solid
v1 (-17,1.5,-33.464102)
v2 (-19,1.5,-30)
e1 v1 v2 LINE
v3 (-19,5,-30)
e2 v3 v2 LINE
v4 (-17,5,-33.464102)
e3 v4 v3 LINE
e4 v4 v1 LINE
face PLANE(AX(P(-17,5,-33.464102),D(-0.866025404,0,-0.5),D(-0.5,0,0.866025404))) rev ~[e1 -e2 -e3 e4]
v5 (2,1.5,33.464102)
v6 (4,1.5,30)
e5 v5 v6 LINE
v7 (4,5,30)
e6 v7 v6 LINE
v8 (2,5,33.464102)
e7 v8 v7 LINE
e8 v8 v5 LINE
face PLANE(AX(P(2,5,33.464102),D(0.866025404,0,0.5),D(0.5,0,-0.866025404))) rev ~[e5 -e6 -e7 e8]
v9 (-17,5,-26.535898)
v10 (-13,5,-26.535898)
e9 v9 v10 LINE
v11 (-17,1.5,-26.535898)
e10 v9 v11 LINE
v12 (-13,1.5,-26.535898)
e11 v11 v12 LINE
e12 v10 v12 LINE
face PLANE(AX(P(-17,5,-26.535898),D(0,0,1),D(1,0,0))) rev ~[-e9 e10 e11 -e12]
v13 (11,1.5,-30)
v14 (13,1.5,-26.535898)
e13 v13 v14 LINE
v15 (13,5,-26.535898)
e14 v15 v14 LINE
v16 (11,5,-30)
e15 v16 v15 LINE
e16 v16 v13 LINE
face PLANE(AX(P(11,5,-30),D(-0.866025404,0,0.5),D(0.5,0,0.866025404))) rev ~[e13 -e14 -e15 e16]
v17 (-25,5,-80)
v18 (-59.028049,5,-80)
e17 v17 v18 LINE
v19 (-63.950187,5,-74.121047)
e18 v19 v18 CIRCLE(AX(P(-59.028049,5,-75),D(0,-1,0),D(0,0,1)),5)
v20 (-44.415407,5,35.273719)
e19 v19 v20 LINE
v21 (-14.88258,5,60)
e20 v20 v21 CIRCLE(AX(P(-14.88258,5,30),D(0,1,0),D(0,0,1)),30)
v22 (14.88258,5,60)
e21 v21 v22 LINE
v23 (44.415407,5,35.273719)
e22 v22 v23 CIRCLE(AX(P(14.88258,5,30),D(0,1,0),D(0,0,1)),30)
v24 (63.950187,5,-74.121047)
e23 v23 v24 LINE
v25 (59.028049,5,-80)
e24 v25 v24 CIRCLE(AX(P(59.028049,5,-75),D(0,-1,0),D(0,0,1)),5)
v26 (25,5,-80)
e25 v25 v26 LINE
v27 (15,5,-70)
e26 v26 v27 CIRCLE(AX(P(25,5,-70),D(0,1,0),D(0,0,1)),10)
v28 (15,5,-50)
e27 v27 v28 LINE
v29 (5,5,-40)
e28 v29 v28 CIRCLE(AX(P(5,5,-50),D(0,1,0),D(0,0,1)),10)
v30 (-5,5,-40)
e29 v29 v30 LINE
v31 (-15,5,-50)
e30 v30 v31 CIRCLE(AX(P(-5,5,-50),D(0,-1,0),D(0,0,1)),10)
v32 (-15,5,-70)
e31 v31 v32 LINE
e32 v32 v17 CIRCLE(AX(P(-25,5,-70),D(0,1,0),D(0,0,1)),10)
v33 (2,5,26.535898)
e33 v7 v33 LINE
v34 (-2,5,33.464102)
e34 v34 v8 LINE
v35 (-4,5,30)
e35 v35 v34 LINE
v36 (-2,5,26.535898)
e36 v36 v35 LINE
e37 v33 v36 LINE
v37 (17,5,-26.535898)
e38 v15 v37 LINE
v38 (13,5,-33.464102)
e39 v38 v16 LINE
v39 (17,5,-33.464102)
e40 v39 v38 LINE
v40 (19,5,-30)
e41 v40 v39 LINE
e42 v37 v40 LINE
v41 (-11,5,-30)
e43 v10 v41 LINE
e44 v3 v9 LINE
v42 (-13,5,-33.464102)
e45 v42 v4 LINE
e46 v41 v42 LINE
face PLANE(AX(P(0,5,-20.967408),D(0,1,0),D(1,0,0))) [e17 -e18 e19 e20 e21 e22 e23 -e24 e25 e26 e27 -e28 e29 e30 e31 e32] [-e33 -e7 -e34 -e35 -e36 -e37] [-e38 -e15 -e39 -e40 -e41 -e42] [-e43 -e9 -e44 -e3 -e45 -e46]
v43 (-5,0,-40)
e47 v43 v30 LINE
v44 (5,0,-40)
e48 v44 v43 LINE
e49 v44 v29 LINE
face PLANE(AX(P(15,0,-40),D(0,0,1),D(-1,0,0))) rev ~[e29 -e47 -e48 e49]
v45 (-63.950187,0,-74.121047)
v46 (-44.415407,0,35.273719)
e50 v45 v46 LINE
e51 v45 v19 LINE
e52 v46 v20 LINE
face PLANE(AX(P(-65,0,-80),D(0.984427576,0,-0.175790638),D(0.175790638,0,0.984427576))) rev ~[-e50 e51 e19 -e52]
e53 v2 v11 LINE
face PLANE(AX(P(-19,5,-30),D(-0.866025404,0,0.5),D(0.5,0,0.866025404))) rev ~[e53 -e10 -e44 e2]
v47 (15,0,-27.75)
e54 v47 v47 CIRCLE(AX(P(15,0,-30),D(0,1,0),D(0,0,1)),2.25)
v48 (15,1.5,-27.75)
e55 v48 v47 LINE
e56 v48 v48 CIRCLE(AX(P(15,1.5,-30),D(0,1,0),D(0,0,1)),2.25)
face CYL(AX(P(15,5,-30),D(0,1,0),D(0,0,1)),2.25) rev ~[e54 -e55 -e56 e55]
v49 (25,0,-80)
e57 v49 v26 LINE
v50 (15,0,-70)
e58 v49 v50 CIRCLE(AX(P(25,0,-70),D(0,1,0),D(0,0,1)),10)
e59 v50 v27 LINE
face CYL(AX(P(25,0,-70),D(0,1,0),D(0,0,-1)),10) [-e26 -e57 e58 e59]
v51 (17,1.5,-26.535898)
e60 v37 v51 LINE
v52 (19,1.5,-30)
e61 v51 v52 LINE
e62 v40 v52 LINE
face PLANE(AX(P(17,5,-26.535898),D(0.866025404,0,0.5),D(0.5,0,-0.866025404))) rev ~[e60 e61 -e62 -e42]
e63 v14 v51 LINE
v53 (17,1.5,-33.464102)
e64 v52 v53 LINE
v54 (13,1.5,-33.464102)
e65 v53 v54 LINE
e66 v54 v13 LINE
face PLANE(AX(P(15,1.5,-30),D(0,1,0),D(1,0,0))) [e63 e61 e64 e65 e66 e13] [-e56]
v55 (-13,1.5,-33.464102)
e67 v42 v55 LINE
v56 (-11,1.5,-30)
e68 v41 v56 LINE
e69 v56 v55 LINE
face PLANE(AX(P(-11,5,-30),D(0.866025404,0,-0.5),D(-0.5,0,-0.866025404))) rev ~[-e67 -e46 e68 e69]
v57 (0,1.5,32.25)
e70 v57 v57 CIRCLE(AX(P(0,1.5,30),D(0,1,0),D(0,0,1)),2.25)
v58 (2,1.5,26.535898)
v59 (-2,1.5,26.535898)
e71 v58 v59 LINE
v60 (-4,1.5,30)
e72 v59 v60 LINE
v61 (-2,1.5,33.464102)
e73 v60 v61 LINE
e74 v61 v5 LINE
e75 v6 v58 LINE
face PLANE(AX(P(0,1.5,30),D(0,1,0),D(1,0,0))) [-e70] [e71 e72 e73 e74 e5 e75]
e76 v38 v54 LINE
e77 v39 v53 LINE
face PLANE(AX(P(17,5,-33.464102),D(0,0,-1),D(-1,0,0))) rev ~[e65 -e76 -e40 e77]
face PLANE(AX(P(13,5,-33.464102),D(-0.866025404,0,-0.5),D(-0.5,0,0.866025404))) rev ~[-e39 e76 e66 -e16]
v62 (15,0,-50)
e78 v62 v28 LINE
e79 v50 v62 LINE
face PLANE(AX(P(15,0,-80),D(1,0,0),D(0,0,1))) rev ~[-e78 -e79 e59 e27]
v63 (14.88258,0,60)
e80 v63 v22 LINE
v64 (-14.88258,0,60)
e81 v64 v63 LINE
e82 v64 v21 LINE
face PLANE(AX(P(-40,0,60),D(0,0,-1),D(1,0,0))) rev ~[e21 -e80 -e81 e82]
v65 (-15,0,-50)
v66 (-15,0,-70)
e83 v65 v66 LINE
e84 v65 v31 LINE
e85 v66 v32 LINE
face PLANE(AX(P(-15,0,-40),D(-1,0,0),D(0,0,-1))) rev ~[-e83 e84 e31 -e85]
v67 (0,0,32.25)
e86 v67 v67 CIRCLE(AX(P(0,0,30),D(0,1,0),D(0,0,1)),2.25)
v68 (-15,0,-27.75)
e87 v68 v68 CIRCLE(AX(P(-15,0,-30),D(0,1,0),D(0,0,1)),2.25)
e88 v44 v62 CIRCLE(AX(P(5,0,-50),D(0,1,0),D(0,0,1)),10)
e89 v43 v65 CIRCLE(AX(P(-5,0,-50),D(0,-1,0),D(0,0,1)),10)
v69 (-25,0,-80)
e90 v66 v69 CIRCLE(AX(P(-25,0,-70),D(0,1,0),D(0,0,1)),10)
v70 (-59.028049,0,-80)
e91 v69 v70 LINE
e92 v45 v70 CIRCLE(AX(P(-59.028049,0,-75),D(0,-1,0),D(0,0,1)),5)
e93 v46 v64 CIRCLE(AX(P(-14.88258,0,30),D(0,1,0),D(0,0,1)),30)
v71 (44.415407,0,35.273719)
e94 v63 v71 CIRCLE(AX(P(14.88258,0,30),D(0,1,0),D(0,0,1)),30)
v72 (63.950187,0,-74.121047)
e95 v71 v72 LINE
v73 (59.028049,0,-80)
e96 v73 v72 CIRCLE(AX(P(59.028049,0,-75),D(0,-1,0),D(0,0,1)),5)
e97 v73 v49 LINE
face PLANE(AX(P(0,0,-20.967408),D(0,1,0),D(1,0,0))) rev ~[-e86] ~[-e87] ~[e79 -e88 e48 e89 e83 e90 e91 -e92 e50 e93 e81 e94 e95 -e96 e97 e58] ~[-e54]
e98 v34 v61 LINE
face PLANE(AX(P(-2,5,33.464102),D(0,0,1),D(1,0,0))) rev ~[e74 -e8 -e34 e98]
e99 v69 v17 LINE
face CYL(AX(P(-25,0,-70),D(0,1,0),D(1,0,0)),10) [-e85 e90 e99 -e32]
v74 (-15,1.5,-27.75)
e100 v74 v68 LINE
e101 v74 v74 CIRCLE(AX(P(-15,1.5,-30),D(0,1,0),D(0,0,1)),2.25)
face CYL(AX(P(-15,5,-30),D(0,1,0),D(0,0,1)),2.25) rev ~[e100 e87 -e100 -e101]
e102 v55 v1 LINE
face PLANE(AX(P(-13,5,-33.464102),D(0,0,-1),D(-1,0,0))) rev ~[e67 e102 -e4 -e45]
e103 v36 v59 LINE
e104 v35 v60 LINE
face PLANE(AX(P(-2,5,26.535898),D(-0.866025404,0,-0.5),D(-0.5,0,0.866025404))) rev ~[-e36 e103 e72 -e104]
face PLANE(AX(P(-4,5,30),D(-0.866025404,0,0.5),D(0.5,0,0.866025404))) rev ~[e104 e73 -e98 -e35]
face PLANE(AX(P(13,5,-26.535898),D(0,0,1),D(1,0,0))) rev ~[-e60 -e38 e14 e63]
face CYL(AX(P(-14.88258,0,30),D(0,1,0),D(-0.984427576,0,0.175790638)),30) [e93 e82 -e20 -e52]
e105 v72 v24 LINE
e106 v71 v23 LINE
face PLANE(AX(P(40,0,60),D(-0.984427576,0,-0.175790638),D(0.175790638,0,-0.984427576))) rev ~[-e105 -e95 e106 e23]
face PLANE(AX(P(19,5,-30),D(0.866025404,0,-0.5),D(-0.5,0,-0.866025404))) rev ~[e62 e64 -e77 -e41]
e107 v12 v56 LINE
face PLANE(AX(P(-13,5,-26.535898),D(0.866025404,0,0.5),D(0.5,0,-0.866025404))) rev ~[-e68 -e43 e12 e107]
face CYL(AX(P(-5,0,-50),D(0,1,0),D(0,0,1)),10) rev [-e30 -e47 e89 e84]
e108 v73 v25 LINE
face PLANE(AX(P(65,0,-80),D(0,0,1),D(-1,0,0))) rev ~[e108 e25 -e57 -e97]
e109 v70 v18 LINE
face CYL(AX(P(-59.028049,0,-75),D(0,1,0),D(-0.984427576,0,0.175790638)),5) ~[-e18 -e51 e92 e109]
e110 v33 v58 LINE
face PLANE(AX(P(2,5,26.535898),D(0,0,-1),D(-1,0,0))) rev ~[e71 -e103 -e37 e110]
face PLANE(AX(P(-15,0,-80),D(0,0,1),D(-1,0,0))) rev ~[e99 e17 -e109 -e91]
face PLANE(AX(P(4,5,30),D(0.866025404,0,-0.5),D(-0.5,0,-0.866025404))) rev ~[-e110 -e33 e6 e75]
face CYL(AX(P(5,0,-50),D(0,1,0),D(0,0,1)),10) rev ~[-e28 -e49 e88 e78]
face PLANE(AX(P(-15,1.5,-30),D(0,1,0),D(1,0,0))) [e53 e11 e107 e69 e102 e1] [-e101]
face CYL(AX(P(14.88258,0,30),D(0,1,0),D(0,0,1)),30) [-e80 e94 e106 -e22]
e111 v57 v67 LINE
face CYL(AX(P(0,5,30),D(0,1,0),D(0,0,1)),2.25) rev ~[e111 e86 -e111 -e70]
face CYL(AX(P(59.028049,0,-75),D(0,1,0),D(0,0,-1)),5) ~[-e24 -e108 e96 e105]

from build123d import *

# Parameters (mm, degrees)
BOSS_EXTRUDE1_DEPTH = 5
SKETCH2_R           = 2.25
CUT_EXTRUDE1_DEPTH  = 5
FILLET7_R           = 30
FILLET8_R           = 30
FILLET9_R           = 10
FILLET10_R          = 10
FILLET11_R          = 10
FILLET12_R          = 10
FILLET13_R          = 5
FILLET14_R          = 5
CUT_EXTRUDE2_DEPTH  = 3.5


with BuildPart() as part:
    # Sketch1 → Boss-Extrude1 (new body)
    with BuildSketch(Plane(origin=(0, 0, 0), x_dir=(1, 0, 0), z_dir=(0, 1, 0))):
        Polygon((-15, 40), (-15, 80), (-65, 80), (-40, -60), (0, -60), (40, -60), (65, 80), (15, 80), (15, 40), align=None)
    extrude(amount=BOSS_EXTRUDE1_DEPTH)

    # Sketch2 → Cut-Extrude1 (cut)
    with BuildSketch(Plane(origin=(0, 5, 0), x_dir=(1, 0, 0), z_dir=(0, 1, 0))):
        with Locations(Location((0, -30, 0), (0, 0, 270))):
            Circle(SKETCH2_R)
        with Locations(Location((-15, 30, 0), (0, 0, 270))):
            Circle(SKETCH2_R)
        with Locations(Location((15, 30, 0), (0, 0, 270))):
            Circle(SKETCH2_R)
    extrude(amount=-CUT_EXTRUDE1_DEPTH, mode=Mode.SUBTRACT)

    # Fillet7
    fillet7_edges = [part.edges().sort_by_distance(p)[0] for p in [
        (-40, 2.5, 60),
    ]]
    fillet(fillet7_edges, radius=FILLET7_R)

    # Fillet8
    fillet8_edges = [part.edges().sort_by_distance(p)[0] for p in [
        (40, 2.5, 60),
    ]]
    fillet(fillet8_edges, radius=FILLET8_R)

    # Fillet9
    fillet9_edges = [part.edges().sort_by_distance(p)[0] for p in [
        (15, 2.5, -80),
    ]]
    fillet(fillet9_edges, radius=FILLET9_R)

    # Fillet10
    fillet10_edges = [part.edges().sort_by_distance(p)[0] for p in [
        (-15, 2.5, -80),
    ]]
    fillet(fillet10_edges, radius=FILLET10_R)

    # Fillet11
    fillet11_edges = [part.edges().sort_by_distance(p)[0] for p in [
        (15, 2.5, -40),
    ]]
    fillet(fillet11_edges, radius=FILLET11_R)

    # Fillet12
    fillet12_edges = [part.edges().sort_by_distance(p)[0] for p in [
        (-15, 2.5, -40),
    ]]
    fillet(fillet12_edges, radius=FILLET12_R)

    # Fillet13
    fillet13_edges = [part.edges().sort_by_distance(p)[0] for p in [
        (65, 2.5, -80),
    ]]
    fillet(fillet13_edges, radius=FILLET13_R)

    # Fillet14
    fillet14_edges = [part.edges().sort_by_distance(p)[0] for p in [
        (-65, 2.5, -80),
    ]]
    fillet(fillet14_edges, radius=FILLET14_R)

    # Sketch3 → Cut-Extrude2 (cut)
    with BuildSketch(Plane(origin=(0, 5, 0), x_dir=(1, 0, 0), z_dir=(0, 1, 0))):
        Polygon((-4, -30), (-2, -33.464101615), (2, -33.464101615), (4, -30), (2, -26.535898385), (-2, -26.535898385), align=None)
        Polygon((-11, 30), (-13, 33.464101615), (-17, 33.464101615), (-19, 30), (-17, 26.535898385), (-13, 26.535898385), align=None)
        Polygon((19, 30), (17, 33.464101615), (13, 33.464101615), (11, 30), (13, 26.535898385), (17, 26.535898385), align=None)
    extrude(amount=-CUT_EXTRUDE2_DEPTH, mode=Mode.SUBTRACT)


solid = part.part
